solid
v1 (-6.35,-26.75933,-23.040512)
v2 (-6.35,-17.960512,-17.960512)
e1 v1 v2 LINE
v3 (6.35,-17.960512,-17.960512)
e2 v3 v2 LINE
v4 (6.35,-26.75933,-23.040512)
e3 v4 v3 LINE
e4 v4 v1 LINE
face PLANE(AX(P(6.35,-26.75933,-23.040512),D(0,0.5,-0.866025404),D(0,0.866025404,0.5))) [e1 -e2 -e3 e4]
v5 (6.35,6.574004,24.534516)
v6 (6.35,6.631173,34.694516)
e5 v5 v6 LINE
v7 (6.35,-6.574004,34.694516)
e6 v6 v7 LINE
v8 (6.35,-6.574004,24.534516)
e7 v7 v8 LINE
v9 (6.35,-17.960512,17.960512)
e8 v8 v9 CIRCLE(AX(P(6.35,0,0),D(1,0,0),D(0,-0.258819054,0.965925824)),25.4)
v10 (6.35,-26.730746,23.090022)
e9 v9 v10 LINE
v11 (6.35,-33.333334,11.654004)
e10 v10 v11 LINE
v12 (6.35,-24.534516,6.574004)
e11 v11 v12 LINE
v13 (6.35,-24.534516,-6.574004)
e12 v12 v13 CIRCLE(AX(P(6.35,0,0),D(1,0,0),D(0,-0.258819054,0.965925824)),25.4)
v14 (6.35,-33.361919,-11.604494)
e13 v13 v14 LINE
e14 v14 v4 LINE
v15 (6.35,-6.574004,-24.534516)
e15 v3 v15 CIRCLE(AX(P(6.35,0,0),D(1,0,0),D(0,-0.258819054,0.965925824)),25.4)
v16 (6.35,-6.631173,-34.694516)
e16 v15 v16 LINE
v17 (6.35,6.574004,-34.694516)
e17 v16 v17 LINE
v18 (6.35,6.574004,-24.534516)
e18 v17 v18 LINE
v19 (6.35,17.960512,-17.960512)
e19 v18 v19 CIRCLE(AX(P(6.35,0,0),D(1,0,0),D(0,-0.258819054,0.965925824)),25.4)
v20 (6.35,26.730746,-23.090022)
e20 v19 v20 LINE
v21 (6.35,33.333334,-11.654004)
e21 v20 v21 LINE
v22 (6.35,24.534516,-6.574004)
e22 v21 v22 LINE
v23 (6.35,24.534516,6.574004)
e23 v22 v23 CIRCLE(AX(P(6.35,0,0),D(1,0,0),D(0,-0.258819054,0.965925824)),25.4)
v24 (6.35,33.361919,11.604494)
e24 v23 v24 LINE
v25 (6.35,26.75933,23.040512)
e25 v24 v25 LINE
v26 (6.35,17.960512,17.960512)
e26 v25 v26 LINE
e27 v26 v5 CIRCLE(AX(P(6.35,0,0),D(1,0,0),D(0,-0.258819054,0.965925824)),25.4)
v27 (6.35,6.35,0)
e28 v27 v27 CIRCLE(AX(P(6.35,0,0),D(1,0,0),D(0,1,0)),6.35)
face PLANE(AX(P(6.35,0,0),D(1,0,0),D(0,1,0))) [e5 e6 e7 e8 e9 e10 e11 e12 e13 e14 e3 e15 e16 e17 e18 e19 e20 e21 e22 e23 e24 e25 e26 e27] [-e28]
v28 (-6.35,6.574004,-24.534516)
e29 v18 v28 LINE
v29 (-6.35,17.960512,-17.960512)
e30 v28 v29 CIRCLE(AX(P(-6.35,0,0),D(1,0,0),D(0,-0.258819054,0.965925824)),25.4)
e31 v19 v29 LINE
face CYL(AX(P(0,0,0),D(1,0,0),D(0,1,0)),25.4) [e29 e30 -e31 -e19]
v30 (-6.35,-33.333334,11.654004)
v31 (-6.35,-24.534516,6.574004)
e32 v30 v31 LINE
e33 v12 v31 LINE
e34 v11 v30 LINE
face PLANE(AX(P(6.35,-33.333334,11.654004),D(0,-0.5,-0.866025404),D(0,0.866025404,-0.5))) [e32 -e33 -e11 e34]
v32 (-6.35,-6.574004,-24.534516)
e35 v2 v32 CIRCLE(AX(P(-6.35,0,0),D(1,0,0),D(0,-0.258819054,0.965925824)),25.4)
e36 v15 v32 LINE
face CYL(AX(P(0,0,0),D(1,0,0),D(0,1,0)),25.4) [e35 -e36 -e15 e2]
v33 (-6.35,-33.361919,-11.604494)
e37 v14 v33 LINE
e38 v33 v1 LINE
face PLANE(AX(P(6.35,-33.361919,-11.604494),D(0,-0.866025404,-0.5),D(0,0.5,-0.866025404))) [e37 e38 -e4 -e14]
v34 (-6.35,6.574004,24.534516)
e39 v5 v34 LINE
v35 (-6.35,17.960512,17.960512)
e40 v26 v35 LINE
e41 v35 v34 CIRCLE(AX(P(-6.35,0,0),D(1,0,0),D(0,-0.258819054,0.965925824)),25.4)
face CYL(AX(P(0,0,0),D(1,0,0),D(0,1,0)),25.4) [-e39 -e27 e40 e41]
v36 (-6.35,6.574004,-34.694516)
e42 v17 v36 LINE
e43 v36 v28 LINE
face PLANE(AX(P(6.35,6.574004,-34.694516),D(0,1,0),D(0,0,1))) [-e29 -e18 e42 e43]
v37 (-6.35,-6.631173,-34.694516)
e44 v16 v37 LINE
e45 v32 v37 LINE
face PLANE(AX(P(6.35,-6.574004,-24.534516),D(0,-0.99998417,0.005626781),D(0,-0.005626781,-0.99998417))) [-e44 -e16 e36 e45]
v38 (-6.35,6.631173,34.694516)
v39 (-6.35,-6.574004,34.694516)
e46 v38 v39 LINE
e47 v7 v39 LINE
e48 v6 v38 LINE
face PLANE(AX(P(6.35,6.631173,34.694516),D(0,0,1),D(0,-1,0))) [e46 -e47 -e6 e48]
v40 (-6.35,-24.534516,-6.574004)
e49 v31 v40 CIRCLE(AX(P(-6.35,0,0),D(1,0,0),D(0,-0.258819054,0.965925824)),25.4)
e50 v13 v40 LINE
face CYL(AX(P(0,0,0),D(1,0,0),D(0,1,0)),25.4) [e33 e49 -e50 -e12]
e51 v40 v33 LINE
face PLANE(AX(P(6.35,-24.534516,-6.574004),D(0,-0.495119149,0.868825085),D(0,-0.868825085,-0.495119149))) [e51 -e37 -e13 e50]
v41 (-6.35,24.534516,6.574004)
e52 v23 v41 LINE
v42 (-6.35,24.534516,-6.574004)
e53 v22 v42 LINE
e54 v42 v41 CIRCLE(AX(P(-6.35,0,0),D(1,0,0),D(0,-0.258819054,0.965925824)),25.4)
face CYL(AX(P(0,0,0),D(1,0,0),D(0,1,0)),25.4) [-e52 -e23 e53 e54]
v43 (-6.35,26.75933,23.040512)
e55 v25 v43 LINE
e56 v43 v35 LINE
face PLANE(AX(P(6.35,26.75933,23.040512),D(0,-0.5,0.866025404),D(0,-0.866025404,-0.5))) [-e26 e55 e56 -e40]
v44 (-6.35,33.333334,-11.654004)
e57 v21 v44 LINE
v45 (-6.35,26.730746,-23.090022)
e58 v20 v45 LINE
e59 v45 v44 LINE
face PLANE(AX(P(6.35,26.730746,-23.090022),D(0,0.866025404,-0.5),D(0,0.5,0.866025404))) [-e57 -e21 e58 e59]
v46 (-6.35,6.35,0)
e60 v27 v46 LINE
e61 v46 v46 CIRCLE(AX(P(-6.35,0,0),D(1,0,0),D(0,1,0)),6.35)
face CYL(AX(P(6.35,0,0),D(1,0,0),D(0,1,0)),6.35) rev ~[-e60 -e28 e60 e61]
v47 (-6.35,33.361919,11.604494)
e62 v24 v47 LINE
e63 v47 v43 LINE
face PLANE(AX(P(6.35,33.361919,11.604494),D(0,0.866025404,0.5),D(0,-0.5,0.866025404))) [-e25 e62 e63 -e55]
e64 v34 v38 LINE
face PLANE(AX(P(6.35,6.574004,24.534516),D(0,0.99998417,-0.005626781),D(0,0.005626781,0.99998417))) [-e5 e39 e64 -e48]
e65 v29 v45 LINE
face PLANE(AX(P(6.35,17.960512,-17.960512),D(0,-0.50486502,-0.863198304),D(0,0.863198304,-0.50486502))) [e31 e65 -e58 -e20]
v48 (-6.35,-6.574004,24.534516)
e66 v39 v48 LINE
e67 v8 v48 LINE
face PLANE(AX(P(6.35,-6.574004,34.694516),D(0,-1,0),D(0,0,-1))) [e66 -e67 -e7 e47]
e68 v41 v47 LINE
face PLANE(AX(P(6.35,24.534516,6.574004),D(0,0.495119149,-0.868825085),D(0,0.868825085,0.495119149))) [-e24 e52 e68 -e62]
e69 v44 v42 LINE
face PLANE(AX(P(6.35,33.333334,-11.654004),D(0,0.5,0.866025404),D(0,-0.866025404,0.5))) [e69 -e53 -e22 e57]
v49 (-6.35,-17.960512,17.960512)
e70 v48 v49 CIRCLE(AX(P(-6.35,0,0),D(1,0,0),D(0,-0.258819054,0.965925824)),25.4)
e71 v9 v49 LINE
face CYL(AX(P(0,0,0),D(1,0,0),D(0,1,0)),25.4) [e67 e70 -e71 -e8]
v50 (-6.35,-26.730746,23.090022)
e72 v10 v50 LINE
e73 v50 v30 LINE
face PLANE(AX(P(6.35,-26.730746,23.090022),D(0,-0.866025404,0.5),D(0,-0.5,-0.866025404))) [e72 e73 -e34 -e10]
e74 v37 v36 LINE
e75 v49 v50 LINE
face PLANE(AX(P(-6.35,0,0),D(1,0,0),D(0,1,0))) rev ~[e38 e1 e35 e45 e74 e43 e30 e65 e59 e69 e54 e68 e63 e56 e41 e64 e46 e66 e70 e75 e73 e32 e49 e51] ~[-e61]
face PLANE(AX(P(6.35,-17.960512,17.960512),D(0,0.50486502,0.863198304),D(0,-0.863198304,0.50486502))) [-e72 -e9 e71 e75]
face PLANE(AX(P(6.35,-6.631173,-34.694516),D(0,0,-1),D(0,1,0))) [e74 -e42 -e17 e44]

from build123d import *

# Parameters (mm, degrees)
F0_R     = 25.4
F1_DEPTH = 6.35
F3_DEPTH = 12.7
F5_COUNT = 6
F6_R     = 6.35
F7_DEPTH = 25.4


with BuildPart() as f1:
    # F0 (on Right) → F1 (new body, symmetric)
    with BuildSketch(Plane.YZ):
        Circle(F0_R)
    extrude(amount=F1_DEPTH, both=True)

    # F2 (on face) → F3 (join)
    with BuildSketch(Plane.YZ.offset(6.35)):
        Polygon((-6.574004, 24.534516), (0, 0), (0, 24.534516), align=None)
        Polygon((0, 24.534516), (0, 0), (6.574004, 24.534516), align=None)
        Polygon((-6.574004, 24.534516), (0, 24.534516), (6.574004, 24.534516), (6.631173, 34.694516), (-6.574004, 34.694516), align=None)
    extrude(amount=-F3_DEPTH)

    # F5: F1 ×6 about axis
    f5_axis = Axis((-31.581827, 0, 0), (-1, 0, 0))


with BuildPart() as f1_1:
    add(f1.part)
    for i in range(1, F5_COUNT):
        add(f1.part.rotate(f5_axis, i * 360 / F5_COUNT))

    # F6 (on face) → F7 (cut)
    with BuildSketch(Plane.YZ.offset(6.35)):
        Circle(F6_R)
    extrude(amount=-F7_DEPTH, mode=Mode.SUBTRACT)


solid = f1_1.part
